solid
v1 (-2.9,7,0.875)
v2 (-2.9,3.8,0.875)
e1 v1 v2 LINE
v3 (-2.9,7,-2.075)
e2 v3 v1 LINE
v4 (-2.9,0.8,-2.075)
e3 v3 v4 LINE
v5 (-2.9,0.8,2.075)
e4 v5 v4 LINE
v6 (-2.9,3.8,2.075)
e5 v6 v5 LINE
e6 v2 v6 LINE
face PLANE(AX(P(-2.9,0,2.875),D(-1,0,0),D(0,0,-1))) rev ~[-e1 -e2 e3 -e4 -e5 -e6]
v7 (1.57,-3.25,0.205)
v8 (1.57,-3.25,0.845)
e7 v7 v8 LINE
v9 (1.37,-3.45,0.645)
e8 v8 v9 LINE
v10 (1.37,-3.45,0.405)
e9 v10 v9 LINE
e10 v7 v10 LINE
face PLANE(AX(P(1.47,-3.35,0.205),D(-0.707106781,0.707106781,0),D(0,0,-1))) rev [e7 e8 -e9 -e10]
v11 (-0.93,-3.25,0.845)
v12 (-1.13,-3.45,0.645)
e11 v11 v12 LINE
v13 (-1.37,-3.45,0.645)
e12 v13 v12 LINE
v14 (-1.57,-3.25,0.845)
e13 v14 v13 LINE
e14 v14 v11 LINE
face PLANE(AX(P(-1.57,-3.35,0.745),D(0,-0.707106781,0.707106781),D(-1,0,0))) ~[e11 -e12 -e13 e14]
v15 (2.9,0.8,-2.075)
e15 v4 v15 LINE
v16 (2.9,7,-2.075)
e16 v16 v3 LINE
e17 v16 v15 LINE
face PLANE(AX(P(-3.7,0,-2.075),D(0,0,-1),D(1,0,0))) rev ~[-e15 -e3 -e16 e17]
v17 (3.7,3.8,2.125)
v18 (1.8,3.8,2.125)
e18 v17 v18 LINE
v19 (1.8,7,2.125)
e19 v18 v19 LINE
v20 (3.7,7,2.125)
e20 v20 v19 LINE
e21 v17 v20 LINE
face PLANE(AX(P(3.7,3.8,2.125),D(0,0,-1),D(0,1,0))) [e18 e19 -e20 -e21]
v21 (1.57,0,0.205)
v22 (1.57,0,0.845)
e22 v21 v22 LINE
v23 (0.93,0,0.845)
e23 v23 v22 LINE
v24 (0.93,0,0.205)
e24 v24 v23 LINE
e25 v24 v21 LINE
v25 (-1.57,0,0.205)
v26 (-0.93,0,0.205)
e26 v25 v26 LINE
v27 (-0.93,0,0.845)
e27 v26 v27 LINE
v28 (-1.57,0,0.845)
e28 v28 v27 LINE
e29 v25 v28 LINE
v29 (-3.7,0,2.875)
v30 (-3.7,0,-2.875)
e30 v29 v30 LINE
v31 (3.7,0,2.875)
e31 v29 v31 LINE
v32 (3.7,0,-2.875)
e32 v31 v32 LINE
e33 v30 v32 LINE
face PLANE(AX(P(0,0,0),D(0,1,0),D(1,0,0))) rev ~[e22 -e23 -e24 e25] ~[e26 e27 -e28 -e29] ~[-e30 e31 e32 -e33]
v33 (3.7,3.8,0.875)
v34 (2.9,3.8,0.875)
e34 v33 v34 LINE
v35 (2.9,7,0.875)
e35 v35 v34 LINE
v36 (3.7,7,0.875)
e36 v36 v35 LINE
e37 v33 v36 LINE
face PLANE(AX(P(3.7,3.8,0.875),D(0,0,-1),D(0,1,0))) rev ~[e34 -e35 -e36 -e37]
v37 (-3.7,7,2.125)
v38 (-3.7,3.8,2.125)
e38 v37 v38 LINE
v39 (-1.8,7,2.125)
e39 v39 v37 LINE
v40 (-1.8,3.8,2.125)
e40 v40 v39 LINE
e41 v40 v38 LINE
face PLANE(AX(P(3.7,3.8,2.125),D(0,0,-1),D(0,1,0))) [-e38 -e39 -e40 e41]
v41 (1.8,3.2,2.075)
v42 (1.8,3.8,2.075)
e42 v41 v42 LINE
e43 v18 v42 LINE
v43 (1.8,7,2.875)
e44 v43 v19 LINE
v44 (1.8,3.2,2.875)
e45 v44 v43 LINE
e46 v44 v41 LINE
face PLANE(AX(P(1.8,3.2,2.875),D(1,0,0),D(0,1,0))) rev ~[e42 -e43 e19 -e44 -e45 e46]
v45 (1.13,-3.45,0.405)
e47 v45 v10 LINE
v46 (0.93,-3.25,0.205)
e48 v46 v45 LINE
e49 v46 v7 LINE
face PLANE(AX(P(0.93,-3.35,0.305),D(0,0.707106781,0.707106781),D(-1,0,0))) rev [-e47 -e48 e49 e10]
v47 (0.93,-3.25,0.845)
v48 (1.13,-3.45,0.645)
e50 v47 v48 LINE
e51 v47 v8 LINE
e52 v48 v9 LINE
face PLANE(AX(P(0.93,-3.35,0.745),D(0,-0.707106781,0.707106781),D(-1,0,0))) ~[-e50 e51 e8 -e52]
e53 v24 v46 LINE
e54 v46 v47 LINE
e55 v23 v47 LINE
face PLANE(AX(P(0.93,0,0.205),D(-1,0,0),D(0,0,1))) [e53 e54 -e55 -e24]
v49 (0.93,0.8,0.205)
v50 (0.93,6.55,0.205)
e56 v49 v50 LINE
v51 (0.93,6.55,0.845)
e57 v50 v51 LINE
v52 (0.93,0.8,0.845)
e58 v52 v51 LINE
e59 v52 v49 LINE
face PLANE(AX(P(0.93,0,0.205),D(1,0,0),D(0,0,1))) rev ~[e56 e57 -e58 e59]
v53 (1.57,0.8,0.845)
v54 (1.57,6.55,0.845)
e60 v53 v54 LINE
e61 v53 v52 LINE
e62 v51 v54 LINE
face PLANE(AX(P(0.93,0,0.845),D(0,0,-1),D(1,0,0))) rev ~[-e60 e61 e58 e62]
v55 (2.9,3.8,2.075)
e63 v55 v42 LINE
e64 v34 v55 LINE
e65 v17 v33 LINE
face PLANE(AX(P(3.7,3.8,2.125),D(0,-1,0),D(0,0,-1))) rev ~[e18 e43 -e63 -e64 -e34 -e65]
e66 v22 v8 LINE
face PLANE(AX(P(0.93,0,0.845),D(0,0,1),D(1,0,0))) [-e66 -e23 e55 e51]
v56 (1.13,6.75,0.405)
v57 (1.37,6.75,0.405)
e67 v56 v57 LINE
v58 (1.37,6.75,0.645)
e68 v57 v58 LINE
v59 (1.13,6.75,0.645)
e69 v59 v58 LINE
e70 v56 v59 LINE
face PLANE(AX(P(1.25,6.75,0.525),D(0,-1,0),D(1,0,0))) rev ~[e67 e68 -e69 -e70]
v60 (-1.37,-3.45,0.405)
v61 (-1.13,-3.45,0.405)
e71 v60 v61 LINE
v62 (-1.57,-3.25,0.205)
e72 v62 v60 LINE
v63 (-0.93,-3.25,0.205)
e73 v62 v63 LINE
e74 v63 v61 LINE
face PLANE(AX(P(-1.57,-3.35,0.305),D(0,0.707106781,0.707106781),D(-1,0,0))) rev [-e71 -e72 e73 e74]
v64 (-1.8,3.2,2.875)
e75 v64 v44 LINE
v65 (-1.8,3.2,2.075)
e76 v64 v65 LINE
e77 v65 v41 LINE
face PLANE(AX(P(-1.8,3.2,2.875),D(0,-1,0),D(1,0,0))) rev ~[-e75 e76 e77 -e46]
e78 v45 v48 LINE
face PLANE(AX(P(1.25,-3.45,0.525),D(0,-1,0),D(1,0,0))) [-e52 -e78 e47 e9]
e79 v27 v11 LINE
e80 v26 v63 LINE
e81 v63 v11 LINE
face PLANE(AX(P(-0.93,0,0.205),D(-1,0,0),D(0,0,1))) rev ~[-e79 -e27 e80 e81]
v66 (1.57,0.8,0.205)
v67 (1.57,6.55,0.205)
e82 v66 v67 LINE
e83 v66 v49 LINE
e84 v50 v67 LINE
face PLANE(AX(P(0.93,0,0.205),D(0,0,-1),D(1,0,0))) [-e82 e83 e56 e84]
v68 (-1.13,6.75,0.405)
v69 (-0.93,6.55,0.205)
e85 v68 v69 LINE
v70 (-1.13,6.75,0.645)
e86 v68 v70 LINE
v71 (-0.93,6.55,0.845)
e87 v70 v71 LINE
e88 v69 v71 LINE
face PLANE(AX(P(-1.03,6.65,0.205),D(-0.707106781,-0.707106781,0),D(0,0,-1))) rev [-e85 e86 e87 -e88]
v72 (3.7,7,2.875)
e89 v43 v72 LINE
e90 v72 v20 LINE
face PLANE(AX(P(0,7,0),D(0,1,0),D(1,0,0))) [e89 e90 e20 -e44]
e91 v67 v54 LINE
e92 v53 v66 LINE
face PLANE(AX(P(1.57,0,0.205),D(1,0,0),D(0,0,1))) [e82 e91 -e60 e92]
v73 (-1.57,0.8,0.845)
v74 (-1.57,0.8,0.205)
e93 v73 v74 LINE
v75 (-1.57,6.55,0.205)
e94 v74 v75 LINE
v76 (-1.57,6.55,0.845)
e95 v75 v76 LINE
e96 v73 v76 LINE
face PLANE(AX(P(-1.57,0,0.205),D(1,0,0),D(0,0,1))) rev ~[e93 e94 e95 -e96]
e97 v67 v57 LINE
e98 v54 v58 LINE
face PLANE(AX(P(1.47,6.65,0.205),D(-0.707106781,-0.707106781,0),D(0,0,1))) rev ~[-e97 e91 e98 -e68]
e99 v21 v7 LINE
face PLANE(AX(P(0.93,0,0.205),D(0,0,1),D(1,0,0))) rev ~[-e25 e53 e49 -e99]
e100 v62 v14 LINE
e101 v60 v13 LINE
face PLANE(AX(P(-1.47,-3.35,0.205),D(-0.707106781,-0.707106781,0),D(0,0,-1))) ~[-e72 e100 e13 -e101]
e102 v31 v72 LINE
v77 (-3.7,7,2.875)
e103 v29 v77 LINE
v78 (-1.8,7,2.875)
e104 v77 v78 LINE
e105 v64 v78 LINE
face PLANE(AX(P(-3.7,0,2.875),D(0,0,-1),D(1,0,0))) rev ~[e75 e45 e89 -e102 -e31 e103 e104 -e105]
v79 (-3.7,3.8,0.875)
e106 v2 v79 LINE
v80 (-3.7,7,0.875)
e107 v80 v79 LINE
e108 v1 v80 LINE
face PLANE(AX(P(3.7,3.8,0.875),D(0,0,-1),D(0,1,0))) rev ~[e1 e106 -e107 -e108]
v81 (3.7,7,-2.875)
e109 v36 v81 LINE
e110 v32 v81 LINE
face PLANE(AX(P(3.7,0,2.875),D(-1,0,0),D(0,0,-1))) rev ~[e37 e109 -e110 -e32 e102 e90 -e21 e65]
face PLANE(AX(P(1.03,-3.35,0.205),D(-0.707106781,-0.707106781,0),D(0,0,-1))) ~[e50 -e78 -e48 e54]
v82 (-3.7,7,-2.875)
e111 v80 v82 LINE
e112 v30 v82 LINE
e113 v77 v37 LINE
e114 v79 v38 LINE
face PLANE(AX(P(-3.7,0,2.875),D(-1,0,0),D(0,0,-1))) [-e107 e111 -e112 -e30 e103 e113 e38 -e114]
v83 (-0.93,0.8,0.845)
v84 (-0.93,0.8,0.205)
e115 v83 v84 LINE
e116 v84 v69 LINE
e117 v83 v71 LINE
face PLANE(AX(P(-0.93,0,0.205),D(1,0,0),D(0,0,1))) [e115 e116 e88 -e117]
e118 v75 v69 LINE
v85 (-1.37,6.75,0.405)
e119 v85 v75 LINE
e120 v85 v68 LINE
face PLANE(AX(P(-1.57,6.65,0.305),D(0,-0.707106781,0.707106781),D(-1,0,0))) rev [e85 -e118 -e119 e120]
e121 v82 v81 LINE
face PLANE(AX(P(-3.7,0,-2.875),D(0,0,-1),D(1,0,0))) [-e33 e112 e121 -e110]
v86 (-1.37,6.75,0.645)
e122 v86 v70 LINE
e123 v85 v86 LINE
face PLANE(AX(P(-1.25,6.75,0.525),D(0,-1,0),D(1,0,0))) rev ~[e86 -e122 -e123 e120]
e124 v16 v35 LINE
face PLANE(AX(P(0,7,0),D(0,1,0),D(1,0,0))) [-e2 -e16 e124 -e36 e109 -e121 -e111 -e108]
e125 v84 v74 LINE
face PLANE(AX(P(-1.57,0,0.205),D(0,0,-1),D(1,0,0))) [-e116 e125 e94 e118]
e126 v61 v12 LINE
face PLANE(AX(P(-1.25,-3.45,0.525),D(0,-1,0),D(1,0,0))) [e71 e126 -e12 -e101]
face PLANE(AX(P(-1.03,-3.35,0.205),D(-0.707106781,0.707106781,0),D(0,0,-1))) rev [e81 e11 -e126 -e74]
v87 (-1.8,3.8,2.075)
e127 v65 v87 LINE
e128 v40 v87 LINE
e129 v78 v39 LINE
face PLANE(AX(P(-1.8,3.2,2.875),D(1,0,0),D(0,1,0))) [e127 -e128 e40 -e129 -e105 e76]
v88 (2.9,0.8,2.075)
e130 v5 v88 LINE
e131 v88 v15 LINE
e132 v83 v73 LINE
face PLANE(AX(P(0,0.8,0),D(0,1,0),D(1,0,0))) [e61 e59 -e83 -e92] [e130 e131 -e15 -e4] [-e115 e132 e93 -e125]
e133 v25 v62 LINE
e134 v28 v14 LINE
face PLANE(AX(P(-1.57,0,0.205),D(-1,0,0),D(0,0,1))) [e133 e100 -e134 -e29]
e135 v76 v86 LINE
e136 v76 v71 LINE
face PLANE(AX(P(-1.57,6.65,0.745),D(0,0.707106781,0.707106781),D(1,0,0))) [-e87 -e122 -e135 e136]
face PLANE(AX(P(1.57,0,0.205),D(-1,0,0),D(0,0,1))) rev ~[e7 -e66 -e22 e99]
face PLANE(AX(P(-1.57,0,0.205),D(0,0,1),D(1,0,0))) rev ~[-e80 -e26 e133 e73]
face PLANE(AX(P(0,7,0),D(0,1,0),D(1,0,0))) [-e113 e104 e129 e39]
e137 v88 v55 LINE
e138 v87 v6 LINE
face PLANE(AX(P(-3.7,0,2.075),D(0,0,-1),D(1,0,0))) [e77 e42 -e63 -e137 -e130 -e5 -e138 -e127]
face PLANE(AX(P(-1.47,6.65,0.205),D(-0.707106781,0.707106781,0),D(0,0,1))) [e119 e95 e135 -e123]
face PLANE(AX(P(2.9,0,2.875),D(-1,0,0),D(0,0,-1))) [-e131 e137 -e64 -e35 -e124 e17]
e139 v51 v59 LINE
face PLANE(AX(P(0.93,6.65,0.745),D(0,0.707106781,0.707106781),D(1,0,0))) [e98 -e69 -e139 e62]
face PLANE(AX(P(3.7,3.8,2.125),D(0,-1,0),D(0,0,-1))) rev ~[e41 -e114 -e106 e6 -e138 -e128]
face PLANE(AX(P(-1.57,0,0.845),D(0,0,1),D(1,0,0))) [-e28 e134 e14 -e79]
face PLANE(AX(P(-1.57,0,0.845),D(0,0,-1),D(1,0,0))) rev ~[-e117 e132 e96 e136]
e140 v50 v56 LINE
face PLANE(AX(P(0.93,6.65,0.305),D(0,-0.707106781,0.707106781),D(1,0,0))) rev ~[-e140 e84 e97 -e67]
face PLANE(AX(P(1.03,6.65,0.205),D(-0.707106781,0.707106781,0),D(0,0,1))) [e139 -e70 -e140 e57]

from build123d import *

# Parameters (mm, degrees)
SKETCH1_W                = 7.4
SKETCH1_H                = 5.75
BOSS_EXTRUDE1_DEPTH      = 7
SHELL1_T                 = -0.8
SKETCH2_W                = 1.25
SKETCH2_H                = 3.2
CUT_EXTRUDE1_DEPTH       = 8.4
CUT_EXTRUDE2_REACH       = 7.75
SKETCH3_W                = 3.6
SKETCH3_H                = 3.8
SKETCH4_W                = 0.64
SKETCH4_H                = 0.64
BOSS_EXTRUDE2_DEPTH      = 3.45
BOSS_EXTRUDE2_DEPTH_BACK = 6.75
CHAMFER1_SIZE            = 0.2


with BuildPart() as part:
    # Sketch1 → Boss-Extrude1 (new body)
    with BuildSketch(Plane(origin=(0, 0, 0), x_dir=(1, 0, 0), z_dir=(0, 1, 0))):
        Rectangle(SKETCH1_W, SKETCH1_H)
    extrude(amount=BOSS_EXTRUDE1_DEPTH)

    # Shell1
    shell1_openings = [part.faces().sort_by_distance(p)[0] for p in [
        (0, 7, 0),
    ]]
    offset(amount=SHELL1_T, openings=shell1_openings, kind=Kind.INTERSECTION)

    # Sketch2 → Cut-Extrude1 (cut, through all)
    with BuildSketch(Plane(origin=(3.7, 0, 0), x_dir=(0, 0, -1), z_dir=(1, 0, 0))):
        with Locations((-1.5, 5.4)):
            Rectangle(SKETCH2_W, SKETCH2_H)
    extrude(amount=-CUT_EXTRUDE1_DEPTH, mode=Mode.SUBTRACT)

    # Sketch3 → Cut-Extrude2 (cut, up to next)
    with BuildSketch(Plane.XY.offset(2.875), mode=Mode.PRIVATE) as cut_extrude2_sk1:
        with Locations((0, 5.1)):
            Rectangle(SKETCH3_W, SKETCH3_H)
    cut_extrude2_tool1 = extrude(cut_extrude2_sk1.sketch, amount=-CUT_EXTRUDE2_REACH, mode=Mode.PRIVATE) & part.part
    add(cut_extrude2_tool1.solids().sort_by_distance((0, 5.1, 2.875))[0], mode=Mode.SUBTRACT)

    # Sketch4 → Boss-Extrude2 (add, two sides)
    with BuildSketch(Plane.XZ) as boss_extrude2_sk:
        with Locations((-1.25, 0.525)):
            Rectangle(SKETCH4_W, SKETCH4_H)
        with Locations((1.25, 0.525)):
            Rectangle(SKETCH4_W, SKETCH4_H)
    extrude(amount=BOSS_EXTRUDE2_DEPTH)
    extrude(boss_extrude2_sk.sketch, amount=-BOSS_EXTRUDE2_DEPTH_BACK)

    # Chamfer1
    chamfer1_edges = [part.edges().sort_by_distance(p)[0] for p in [
        (-0.93, 6.75, 0.525),
        (-1.25, 6.75, 0.205),
        (-1.57, 6.75, 0.525),
        (-1.25, 6.75, 0.845),
        (-0.93, -3.45, 0.525),
        (-1.25, -3.45, 0.845),
        (-1.57, -3.45, 0.525),
        (-1.25, -3.45, 0.205),
        (1.25, 6.75, 0.845),
        (1.57, 6.75, 0.525),
        (1.25, 6.75, 0.205),
        (0.93, 6.75, 0.525),
        (1.25, -3.45, 0.845),
        (0.93, -3.45, 0.525),
        (1.25, -3.45, 0.205),
        (1.57, -3.45, 0.525),
    ]]
    chamfer(chamfer1_edges, length=CHAMFER1_SIZE)


solid = part.part
